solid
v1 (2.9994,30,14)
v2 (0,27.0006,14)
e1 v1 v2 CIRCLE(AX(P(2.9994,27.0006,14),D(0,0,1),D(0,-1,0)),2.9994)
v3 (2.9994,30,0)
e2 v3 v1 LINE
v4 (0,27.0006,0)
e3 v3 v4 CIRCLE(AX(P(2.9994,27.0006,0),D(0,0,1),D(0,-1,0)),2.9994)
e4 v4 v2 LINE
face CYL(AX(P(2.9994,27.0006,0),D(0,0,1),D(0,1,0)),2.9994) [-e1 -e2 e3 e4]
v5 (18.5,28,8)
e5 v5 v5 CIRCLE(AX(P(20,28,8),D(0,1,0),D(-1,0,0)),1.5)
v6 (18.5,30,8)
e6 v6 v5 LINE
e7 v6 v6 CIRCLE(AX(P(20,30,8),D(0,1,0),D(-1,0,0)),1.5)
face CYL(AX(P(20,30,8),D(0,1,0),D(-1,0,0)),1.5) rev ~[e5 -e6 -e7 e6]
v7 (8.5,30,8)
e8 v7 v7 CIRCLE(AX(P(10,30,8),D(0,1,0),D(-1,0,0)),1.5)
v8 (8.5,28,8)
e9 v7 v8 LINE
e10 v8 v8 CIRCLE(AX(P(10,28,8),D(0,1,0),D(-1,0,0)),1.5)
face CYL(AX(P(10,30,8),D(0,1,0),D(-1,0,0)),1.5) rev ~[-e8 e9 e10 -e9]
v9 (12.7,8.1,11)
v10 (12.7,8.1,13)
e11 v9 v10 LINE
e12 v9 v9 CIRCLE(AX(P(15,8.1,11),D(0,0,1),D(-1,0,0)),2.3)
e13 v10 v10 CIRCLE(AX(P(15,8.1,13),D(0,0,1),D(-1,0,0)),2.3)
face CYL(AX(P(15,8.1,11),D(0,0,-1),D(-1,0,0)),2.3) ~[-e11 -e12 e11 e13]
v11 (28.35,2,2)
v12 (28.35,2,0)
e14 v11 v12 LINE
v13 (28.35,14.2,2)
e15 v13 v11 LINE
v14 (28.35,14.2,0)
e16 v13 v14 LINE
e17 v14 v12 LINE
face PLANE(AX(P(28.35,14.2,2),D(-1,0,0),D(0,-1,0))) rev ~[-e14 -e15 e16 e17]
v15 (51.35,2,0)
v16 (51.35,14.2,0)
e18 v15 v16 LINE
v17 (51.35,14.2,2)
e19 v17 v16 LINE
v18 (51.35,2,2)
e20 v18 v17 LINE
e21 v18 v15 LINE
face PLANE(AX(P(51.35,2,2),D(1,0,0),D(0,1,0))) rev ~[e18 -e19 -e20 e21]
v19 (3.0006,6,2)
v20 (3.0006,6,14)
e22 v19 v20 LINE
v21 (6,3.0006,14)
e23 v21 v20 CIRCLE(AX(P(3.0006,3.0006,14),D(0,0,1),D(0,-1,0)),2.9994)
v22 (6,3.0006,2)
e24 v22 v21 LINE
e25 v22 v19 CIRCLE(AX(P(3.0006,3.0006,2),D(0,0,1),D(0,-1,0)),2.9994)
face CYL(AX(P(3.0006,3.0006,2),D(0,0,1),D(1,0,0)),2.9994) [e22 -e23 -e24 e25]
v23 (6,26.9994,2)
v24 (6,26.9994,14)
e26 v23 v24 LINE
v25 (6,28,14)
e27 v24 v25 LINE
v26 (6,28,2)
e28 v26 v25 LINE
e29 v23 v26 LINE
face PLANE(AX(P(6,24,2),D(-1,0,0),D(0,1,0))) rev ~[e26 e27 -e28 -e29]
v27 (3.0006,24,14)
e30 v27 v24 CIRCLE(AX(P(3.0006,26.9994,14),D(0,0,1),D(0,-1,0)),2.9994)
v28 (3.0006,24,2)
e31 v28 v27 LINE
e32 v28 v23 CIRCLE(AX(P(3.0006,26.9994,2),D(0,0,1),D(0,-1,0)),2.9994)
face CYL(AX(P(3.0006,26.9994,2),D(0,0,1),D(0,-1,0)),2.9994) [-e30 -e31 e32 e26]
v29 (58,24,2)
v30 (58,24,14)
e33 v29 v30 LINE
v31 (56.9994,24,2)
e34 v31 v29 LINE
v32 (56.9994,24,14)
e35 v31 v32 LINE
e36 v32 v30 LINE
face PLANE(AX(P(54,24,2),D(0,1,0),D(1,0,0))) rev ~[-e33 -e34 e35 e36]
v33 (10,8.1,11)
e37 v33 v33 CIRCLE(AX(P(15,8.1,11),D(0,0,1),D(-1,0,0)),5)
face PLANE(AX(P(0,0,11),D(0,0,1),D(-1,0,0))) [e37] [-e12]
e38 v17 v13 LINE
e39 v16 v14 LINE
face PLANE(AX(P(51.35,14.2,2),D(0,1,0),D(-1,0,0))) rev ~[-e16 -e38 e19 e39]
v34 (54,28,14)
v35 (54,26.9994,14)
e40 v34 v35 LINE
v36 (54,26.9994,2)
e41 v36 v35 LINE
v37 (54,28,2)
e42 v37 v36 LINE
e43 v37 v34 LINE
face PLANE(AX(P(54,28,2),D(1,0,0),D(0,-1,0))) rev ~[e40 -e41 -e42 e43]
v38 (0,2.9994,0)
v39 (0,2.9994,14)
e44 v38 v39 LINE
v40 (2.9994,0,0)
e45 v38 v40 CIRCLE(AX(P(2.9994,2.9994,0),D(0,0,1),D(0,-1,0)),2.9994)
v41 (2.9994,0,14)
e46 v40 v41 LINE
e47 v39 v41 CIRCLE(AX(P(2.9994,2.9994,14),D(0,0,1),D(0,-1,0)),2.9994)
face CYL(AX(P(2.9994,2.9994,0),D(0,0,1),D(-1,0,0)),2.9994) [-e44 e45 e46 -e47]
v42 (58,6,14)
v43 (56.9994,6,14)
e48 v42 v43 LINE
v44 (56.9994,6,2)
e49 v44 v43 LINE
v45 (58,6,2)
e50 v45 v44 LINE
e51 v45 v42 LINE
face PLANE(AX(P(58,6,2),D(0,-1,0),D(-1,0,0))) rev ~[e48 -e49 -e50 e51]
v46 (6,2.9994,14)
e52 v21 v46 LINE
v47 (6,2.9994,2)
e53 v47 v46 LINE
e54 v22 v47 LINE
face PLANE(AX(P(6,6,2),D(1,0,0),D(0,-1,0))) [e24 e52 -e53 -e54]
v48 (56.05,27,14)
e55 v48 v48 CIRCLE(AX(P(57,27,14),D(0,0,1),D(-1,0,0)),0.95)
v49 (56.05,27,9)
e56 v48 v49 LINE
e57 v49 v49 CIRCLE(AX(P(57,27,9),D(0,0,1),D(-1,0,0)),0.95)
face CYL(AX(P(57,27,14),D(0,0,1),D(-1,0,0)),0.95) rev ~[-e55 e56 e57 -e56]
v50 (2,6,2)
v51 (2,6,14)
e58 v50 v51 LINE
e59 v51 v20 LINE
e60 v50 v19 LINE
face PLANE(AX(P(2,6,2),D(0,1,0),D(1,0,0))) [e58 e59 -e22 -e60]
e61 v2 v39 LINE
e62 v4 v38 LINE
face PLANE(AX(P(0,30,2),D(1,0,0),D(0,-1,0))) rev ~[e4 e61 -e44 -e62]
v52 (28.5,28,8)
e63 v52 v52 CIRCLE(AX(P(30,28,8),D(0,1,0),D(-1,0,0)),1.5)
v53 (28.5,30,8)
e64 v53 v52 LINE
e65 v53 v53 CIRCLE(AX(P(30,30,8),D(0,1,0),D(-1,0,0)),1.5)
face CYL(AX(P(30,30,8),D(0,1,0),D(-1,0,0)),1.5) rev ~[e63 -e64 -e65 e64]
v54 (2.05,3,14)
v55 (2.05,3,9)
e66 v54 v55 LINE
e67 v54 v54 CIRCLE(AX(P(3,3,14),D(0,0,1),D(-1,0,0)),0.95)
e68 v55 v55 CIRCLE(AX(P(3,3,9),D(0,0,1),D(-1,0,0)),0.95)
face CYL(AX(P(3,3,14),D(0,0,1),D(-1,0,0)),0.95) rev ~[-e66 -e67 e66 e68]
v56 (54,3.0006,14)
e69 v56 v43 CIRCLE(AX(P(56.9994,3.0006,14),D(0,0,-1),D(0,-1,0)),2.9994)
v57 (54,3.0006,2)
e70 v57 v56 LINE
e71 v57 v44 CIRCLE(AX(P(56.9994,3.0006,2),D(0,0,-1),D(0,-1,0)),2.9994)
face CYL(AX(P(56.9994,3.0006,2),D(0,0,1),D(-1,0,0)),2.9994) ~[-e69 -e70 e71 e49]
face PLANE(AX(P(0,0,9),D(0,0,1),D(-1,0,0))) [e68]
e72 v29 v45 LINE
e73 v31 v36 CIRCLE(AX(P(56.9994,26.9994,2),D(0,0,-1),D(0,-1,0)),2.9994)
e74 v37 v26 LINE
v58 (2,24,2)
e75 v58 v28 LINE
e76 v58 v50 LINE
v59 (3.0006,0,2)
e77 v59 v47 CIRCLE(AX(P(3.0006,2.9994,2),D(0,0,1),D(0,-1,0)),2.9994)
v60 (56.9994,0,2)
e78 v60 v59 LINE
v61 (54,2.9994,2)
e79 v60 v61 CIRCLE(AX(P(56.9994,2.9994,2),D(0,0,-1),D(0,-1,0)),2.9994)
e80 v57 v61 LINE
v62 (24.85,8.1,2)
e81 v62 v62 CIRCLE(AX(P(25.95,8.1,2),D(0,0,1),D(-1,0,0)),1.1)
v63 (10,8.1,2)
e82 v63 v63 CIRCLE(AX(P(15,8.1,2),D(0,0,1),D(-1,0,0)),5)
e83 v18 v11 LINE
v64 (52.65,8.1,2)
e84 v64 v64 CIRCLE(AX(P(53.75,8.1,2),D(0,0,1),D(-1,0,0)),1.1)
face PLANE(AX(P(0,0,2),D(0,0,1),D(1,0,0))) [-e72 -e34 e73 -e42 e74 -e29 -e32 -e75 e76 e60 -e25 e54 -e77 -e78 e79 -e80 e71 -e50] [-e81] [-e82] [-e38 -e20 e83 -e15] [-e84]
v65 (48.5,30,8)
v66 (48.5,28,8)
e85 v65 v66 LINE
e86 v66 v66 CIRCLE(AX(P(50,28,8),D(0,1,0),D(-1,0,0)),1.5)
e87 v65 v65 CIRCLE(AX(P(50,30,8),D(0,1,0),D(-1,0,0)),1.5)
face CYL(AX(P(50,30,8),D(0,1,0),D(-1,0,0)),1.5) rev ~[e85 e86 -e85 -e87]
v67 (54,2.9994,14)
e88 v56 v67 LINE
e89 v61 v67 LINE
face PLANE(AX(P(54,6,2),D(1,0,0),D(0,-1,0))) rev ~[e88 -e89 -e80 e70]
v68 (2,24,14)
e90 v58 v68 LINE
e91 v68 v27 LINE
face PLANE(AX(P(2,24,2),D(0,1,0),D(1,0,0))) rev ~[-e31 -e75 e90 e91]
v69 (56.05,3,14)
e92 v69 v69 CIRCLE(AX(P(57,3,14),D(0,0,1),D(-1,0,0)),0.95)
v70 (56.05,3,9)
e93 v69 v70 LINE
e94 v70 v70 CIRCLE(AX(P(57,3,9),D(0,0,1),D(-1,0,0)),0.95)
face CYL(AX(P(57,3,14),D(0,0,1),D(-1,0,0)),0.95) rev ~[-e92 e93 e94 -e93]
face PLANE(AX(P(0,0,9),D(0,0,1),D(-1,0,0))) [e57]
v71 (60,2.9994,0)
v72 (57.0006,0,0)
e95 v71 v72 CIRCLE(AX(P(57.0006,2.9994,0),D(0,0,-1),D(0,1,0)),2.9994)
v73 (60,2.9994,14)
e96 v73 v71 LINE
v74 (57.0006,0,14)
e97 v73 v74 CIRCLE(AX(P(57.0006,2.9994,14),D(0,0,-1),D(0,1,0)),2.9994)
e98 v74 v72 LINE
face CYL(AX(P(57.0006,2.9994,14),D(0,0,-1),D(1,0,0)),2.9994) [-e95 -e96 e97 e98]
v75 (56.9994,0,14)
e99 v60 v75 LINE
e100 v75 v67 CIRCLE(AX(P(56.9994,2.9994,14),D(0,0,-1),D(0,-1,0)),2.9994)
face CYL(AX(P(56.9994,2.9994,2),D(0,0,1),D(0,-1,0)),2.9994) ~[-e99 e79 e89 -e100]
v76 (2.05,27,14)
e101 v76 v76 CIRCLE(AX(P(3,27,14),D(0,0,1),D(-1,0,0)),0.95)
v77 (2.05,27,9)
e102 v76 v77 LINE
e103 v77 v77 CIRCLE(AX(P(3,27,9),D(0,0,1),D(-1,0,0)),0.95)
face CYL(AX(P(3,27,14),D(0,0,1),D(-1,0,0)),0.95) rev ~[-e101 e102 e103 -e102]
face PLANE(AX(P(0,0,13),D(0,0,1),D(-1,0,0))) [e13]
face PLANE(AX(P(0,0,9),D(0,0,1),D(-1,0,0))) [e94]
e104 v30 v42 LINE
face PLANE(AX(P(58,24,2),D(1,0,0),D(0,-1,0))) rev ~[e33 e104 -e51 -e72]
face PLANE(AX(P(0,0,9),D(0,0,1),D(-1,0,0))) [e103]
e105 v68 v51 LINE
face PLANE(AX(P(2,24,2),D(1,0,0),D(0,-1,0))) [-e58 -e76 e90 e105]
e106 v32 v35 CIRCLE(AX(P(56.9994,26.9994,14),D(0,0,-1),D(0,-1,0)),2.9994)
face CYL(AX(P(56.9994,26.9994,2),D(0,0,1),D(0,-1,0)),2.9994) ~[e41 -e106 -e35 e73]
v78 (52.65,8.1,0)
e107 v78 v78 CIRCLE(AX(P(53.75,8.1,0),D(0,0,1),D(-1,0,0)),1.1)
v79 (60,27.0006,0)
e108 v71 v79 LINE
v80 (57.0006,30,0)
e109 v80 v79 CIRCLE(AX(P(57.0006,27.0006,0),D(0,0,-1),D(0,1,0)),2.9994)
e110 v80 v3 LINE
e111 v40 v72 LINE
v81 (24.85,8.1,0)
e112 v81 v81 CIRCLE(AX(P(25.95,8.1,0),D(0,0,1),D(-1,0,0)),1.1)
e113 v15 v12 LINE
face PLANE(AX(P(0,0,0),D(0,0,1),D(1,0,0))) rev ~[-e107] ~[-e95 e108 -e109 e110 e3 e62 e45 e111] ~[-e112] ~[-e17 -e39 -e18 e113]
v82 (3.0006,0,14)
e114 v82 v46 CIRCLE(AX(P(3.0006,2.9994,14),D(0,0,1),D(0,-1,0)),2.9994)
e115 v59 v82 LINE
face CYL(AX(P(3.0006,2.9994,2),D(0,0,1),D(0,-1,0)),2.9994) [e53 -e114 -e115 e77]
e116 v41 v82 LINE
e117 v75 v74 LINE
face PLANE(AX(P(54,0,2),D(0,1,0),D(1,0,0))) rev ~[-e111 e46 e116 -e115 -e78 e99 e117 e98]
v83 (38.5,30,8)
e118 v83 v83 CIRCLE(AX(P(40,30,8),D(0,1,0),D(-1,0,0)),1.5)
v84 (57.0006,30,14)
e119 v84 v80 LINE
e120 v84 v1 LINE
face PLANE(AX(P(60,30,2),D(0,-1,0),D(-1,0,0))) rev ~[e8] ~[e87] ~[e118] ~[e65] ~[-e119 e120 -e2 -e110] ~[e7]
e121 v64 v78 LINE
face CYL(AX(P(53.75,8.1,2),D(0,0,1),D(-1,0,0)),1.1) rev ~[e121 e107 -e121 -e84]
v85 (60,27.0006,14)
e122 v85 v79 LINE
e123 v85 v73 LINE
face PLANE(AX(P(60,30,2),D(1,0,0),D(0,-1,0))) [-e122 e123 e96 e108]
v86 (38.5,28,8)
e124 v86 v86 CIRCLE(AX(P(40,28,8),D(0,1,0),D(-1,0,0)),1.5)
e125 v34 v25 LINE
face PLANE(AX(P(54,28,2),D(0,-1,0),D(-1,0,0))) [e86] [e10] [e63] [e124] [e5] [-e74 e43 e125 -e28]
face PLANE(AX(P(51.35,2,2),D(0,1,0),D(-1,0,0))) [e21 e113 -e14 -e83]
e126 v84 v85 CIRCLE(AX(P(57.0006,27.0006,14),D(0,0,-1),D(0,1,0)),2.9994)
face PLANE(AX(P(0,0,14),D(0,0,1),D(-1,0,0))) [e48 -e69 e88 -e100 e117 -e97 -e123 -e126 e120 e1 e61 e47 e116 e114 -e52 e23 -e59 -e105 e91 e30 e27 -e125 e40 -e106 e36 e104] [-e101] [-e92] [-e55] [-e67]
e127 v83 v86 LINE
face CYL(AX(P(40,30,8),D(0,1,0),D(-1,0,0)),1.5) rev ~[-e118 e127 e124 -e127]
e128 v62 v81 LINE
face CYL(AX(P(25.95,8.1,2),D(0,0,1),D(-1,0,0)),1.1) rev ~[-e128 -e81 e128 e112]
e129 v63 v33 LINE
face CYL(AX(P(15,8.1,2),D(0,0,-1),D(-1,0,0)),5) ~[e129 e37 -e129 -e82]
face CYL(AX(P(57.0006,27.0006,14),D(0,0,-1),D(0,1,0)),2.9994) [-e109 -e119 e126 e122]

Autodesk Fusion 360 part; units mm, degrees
sketch "스케치1" plane through (0, 0, 0) normal (0, 0, 1) x (1, 0, 0)
  line L0 (0, 0) -> (60, 0)
  line L1 (60, 0) -> (60, 30)
  line L2 (60, 30) -> (0, 30)
  line L3 (0, 30) -> (0, 0)
  dimension "d1" = 60
  dimension "d2" = 30
extrude "돌출1" add sketch "스케치1" along normal blind 2
sketch "스케치2" plane through (0, 0, 2) normal (0, 0, 1) x (-1, 0, 0)
  circle A0 centre (-53.75, -8.1) radius 1.1
  circle A1 centre (-25.95, -8.1) radius 1.1
  circle A2 centre (-15, -8.1) radius 5
  line L0 (0, 0) -> (-60, 0)
  line L1 (-51.35, -2) -> (-51.35, -14.2)
  line L2 (-51.35, -14.2) -> (-28.35, -14.2)
  line L3 (-28.35, -14.2) -> (-28.35, -2)
  line L4 (-51.35, -2) -> (-28.35, -2)
  dimension "d5" = 2.2
  dimension "d6" = 27.8
  dimension "d8" = 8.1
  dimension "d9" = 10
  dimension "d11" = 15
  dimension "d28" = 25.95
  dimension "d91" = 23
  dimension "d93" = 2.4
  dimension "d94" = 2
  dimension "d95" = 12.2
extrude "돌출2" cut sketch "스케치2" against normal blind 2 contours A0 | A1 | L1 L2 L3 L4
extrude "돌출3" add sketch "스케치2" along normal blind 9 contours A2
sketch "스케치4" plane through (0, 0, 11) normal (0, 0, 1) x (-1, 0, 0)
  circle A0 centre (-15, -8.1) radius 2.3
  circle A1 centre (-15, -8.1) radius 5
  dimension "d34" = 4.6
extrude "돌출5" add sketch "스케치4" along normal blind 2 contours A0
sketch "스케치5" plane through (0, 0, 2) normal (0, 0, 1) x (-1, 0, 0)
  line L0 (0, -30) -> (0, 0)
  line L1 (0, 0) -> (0, -30)
  line L2 (-60, -30) -> (0, -30)
  line L3 (-60, -30) -> (-60, 0)
  line L4 (0, 0) -> (-60, 0)
  line L5 (-60, 0) -> (-54, 0)
  line L6 (-54, -28) -> (-6, -28)
  line L7 (-2, -24) -> (-2, -6)
  line L8 (-6, 0) -> (0, 0)
  line L9 (-58, -24) -> (-58, -6)
  line L10 (-2, -24) -> (-6, -24)
  line L11 (-6, -24) -> (-6, -28)
  line L12 (-54, -28) -> (-54, -24)
  line L13 (-54, -24) -> (-58, -24)
  line L14 (-2, -6) -> (-6, -6)
  line L15 (0, 0) -> (-60, 0)
  line L16 (-6, -6) -> (-6, 0)
  line L17 (-58, -6) -> (-54, -6)
  line L18 (-54, -6) -> (-54, 0)
  point P0 (0, -30)
  point P1 (-60, -30)
  point P2 (-60, 0)
  dimension "d38" = 2
  dimension "d39" = 2
  dimension "d42" = 2
  dimension "d43" = 6
  dimension "d44" = 6
  dimension "d45" = 6
  dimension "d46" = 6
  dimension "d47" = 6
extrude "돌출6" add sketch "스케치5" along normal blind 12 contours L0 L1 L2 L3 L4 L5 L6 L7 L8 L9 L10 L11 L12 L13 L14 L15 L16 L17 L18
sketch "스케치6" plane through (0, 0, 14) normal (0, 0, 1) x (-1, 0, 0)
  circle A0 centre (-3, -27) radius 0.95
  circle A1 centre (-3, -3) radius 0.95
  circle A2 centre (-57, -27) radius 0.95
  circle A3 centre (-57, -3) radius 0.95
  dimension "d48" = 1.9
  dimension "d49" = 3
  dimension "d51" = 3
  dimension "d52" = 24
  dimension "d53" = 54
extrude "돌출7" cut sketch "스케치6" against normal blind 5
fillet "필렛1" radius 3 8 edges at (60, 0, 7) (0, 0, 7) (60, 30, 7) (0, 30, 7) (54, 24, 8) (6, 24, 8) (54, 6, 8) (6, 6, 8)
fillet "필렛1" radius 3 2 edges at (54, 0, 8) (6, 0, 8)
sketch "스케치9" plane through (0, 30, 0) normal (0, 1, 0) x (-1, 0, 0)
  circle A0 centre (-50, 8) radius 1.5
  circle A1 centre (-30, 8) radius 1.5
  circle A2 centre (-10, 8) radius 1.5
  circle A3 centre (-40, 8) radius 1.5
  circle A4 centre (-20, 8) radius 1.5
  dimension "d74" = 3
  dimension "d75" = 8
  dimension "d80" = 10
  dimension "d81" = 10
  dimension "d82" = 10
  dimension "d83" = 10
  dimension "d84" = 10
extrude "돌출10" cut sketch "스케치9" against normal blind 2
